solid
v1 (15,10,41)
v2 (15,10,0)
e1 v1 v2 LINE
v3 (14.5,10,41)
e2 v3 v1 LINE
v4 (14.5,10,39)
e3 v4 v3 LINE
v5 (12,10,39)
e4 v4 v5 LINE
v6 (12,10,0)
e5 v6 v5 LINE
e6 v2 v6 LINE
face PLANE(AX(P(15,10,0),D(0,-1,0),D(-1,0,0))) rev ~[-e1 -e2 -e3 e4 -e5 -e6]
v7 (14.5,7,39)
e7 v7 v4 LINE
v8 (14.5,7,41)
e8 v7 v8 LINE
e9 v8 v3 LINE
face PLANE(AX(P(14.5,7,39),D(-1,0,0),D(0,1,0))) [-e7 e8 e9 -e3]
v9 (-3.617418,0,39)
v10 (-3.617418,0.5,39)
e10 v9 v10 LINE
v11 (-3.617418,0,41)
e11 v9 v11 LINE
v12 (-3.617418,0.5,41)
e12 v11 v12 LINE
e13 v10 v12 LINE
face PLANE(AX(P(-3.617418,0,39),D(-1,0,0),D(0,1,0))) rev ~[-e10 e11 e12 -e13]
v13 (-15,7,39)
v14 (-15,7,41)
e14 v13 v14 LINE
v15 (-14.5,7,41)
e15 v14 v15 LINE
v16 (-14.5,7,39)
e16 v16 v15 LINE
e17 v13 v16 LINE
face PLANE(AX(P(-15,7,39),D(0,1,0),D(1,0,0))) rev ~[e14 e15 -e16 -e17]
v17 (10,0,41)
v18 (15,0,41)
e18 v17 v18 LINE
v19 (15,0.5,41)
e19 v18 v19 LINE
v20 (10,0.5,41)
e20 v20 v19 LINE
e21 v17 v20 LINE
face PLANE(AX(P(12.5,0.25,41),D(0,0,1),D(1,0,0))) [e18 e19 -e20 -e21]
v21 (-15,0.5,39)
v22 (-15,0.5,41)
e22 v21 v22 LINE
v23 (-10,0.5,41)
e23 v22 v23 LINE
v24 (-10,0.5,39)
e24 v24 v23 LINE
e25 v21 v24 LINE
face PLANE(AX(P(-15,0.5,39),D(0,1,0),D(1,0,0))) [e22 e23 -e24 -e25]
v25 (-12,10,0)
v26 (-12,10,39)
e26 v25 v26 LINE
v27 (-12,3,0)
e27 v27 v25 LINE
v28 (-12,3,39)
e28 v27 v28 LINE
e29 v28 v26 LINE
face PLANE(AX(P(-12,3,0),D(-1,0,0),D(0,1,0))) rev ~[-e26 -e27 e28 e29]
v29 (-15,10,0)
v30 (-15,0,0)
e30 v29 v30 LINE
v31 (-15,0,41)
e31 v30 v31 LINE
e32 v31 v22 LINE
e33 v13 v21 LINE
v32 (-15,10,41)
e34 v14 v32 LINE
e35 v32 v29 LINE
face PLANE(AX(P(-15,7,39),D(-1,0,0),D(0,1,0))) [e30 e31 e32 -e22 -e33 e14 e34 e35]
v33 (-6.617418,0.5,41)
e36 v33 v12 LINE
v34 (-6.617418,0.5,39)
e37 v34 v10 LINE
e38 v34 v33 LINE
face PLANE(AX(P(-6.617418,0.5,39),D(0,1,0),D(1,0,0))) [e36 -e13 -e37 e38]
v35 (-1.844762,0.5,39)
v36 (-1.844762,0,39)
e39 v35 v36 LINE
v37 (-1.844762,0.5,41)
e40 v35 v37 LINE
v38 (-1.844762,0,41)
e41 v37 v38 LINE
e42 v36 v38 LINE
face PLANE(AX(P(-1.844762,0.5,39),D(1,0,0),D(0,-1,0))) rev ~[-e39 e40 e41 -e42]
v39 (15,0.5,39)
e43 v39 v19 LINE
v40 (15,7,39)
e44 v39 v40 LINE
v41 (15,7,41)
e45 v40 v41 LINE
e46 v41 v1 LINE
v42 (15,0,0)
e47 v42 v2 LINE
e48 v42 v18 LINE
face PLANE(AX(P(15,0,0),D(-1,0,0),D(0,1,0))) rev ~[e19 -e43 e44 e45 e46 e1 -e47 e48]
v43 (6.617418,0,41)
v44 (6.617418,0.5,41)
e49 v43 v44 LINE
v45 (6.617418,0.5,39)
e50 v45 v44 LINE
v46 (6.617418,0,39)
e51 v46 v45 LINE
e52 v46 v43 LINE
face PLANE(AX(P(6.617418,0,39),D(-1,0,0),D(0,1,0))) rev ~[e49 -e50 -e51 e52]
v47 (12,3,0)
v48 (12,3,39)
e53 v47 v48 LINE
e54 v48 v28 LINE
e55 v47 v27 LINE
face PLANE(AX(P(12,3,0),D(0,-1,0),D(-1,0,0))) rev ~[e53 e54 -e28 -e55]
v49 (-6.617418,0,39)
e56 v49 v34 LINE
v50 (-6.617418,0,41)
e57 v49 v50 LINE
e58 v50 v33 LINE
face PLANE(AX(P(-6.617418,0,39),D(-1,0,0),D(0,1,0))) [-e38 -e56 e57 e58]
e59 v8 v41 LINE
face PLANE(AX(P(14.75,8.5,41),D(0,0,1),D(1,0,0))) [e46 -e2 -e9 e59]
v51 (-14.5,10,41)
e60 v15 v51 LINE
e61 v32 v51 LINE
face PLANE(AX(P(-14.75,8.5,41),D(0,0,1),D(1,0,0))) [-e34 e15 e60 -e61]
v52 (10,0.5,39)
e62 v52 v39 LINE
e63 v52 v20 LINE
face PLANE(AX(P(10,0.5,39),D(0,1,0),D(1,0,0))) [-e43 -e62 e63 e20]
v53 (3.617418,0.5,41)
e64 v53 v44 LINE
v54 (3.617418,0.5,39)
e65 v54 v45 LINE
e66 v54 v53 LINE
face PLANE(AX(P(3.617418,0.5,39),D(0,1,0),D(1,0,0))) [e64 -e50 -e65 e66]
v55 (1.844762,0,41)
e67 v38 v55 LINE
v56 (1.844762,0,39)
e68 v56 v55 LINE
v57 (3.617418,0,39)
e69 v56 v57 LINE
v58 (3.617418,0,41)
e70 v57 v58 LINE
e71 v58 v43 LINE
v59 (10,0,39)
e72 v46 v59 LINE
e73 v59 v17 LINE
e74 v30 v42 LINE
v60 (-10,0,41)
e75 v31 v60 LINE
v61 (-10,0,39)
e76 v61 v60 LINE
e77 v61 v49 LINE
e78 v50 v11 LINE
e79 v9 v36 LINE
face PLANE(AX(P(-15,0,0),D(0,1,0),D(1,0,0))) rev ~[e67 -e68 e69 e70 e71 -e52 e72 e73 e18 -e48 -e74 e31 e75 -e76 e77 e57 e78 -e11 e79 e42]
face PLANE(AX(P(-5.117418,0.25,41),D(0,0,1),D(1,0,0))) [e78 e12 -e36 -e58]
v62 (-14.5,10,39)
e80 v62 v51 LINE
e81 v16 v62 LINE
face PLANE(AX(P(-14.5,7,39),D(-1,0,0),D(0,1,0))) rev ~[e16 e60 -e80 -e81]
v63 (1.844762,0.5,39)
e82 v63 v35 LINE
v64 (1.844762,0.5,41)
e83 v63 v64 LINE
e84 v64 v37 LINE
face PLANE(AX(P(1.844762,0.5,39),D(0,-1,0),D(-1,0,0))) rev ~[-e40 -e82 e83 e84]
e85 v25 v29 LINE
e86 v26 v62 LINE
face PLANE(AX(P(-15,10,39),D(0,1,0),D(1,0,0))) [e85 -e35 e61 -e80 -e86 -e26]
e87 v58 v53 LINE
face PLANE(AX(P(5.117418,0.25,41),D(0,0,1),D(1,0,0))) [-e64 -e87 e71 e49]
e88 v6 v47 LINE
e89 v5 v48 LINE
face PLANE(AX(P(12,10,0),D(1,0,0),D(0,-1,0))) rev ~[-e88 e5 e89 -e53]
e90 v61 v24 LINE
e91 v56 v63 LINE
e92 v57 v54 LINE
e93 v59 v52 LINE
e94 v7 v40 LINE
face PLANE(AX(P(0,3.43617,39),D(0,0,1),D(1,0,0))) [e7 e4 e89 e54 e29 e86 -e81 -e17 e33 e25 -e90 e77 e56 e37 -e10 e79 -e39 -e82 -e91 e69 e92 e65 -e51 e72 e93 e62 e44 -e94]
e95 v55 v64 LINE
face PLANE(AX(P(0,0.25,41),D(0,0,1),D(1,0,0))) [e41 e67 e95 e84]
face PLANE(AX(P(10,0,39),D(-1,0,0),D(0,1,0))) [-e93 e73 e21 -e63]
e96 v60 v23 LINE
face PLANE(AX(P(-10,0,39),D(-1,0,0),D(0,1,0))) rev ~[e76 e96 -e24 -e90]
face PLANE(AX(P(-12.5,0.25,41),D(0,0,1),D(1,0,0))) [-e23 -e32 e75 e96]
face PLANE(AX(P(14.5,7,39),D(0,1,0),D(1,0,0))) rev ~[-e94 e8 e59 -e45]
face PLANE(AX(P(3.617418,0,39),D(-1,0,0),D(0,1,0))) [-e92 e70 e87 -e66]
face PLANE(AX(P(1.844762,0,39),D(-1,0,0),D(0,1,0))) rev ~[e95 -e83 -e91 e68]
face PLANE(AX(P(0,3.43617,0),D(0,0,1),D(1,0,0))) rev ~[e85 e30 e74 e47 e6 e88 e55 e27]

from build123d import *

# Parameters (mm, degrees)
F1_DEPTH = 39
F2_W     = 0.5
F2_H     = 3
F2_W_2   = 5
F2_H_2   = 0.5
F2_W_3   = 3
F3_DEPTH = 2


with BuildPart() as f1:
    # F0 (on Top) → F1 (new body)
    with BuildSketch(Plane.XY):
        Polygon((-15, 0), (0, 0), (15, 0), (15, 10), (12, 10), (12, 3), (-12, 3), (-12, 10), (-15, 10), align=None)
    extrude(amount=F1_DEPTH)

    # F2 (on face) → F3 (join)
    with BuildSketch(Plane.XY.offset(39)):
        with Locations((-14.75, 8.5)):
            Rectangle(F2_W, F2_H)
        with Locations((-12.5, 0.25)):
            Rectangle(F2_W_2, F2_H_2)
        with Locations((-5.117418, 0.25)):
            Rectangle(F2_W_3, F2_H_2)
        Polygon((-1.844762, 0.5), (-1.844762, 0), (0, 0), (1.844762, 0), (1.844762, 0.5), (0, 0.5), align=None)
        with Locations((5.117418, 0.25)):
            Rectangle(F2_W_3, F2_H_2)
        with Locations((12.5, 0.25)):
            Rectangle(F2_W_2, F2_H_2)
        with Locations((14.75, 8.5)):
            Rectangle(F2_W, F2_H)
    extrude(amount=F3_DEPTH)


solid = f1.part
